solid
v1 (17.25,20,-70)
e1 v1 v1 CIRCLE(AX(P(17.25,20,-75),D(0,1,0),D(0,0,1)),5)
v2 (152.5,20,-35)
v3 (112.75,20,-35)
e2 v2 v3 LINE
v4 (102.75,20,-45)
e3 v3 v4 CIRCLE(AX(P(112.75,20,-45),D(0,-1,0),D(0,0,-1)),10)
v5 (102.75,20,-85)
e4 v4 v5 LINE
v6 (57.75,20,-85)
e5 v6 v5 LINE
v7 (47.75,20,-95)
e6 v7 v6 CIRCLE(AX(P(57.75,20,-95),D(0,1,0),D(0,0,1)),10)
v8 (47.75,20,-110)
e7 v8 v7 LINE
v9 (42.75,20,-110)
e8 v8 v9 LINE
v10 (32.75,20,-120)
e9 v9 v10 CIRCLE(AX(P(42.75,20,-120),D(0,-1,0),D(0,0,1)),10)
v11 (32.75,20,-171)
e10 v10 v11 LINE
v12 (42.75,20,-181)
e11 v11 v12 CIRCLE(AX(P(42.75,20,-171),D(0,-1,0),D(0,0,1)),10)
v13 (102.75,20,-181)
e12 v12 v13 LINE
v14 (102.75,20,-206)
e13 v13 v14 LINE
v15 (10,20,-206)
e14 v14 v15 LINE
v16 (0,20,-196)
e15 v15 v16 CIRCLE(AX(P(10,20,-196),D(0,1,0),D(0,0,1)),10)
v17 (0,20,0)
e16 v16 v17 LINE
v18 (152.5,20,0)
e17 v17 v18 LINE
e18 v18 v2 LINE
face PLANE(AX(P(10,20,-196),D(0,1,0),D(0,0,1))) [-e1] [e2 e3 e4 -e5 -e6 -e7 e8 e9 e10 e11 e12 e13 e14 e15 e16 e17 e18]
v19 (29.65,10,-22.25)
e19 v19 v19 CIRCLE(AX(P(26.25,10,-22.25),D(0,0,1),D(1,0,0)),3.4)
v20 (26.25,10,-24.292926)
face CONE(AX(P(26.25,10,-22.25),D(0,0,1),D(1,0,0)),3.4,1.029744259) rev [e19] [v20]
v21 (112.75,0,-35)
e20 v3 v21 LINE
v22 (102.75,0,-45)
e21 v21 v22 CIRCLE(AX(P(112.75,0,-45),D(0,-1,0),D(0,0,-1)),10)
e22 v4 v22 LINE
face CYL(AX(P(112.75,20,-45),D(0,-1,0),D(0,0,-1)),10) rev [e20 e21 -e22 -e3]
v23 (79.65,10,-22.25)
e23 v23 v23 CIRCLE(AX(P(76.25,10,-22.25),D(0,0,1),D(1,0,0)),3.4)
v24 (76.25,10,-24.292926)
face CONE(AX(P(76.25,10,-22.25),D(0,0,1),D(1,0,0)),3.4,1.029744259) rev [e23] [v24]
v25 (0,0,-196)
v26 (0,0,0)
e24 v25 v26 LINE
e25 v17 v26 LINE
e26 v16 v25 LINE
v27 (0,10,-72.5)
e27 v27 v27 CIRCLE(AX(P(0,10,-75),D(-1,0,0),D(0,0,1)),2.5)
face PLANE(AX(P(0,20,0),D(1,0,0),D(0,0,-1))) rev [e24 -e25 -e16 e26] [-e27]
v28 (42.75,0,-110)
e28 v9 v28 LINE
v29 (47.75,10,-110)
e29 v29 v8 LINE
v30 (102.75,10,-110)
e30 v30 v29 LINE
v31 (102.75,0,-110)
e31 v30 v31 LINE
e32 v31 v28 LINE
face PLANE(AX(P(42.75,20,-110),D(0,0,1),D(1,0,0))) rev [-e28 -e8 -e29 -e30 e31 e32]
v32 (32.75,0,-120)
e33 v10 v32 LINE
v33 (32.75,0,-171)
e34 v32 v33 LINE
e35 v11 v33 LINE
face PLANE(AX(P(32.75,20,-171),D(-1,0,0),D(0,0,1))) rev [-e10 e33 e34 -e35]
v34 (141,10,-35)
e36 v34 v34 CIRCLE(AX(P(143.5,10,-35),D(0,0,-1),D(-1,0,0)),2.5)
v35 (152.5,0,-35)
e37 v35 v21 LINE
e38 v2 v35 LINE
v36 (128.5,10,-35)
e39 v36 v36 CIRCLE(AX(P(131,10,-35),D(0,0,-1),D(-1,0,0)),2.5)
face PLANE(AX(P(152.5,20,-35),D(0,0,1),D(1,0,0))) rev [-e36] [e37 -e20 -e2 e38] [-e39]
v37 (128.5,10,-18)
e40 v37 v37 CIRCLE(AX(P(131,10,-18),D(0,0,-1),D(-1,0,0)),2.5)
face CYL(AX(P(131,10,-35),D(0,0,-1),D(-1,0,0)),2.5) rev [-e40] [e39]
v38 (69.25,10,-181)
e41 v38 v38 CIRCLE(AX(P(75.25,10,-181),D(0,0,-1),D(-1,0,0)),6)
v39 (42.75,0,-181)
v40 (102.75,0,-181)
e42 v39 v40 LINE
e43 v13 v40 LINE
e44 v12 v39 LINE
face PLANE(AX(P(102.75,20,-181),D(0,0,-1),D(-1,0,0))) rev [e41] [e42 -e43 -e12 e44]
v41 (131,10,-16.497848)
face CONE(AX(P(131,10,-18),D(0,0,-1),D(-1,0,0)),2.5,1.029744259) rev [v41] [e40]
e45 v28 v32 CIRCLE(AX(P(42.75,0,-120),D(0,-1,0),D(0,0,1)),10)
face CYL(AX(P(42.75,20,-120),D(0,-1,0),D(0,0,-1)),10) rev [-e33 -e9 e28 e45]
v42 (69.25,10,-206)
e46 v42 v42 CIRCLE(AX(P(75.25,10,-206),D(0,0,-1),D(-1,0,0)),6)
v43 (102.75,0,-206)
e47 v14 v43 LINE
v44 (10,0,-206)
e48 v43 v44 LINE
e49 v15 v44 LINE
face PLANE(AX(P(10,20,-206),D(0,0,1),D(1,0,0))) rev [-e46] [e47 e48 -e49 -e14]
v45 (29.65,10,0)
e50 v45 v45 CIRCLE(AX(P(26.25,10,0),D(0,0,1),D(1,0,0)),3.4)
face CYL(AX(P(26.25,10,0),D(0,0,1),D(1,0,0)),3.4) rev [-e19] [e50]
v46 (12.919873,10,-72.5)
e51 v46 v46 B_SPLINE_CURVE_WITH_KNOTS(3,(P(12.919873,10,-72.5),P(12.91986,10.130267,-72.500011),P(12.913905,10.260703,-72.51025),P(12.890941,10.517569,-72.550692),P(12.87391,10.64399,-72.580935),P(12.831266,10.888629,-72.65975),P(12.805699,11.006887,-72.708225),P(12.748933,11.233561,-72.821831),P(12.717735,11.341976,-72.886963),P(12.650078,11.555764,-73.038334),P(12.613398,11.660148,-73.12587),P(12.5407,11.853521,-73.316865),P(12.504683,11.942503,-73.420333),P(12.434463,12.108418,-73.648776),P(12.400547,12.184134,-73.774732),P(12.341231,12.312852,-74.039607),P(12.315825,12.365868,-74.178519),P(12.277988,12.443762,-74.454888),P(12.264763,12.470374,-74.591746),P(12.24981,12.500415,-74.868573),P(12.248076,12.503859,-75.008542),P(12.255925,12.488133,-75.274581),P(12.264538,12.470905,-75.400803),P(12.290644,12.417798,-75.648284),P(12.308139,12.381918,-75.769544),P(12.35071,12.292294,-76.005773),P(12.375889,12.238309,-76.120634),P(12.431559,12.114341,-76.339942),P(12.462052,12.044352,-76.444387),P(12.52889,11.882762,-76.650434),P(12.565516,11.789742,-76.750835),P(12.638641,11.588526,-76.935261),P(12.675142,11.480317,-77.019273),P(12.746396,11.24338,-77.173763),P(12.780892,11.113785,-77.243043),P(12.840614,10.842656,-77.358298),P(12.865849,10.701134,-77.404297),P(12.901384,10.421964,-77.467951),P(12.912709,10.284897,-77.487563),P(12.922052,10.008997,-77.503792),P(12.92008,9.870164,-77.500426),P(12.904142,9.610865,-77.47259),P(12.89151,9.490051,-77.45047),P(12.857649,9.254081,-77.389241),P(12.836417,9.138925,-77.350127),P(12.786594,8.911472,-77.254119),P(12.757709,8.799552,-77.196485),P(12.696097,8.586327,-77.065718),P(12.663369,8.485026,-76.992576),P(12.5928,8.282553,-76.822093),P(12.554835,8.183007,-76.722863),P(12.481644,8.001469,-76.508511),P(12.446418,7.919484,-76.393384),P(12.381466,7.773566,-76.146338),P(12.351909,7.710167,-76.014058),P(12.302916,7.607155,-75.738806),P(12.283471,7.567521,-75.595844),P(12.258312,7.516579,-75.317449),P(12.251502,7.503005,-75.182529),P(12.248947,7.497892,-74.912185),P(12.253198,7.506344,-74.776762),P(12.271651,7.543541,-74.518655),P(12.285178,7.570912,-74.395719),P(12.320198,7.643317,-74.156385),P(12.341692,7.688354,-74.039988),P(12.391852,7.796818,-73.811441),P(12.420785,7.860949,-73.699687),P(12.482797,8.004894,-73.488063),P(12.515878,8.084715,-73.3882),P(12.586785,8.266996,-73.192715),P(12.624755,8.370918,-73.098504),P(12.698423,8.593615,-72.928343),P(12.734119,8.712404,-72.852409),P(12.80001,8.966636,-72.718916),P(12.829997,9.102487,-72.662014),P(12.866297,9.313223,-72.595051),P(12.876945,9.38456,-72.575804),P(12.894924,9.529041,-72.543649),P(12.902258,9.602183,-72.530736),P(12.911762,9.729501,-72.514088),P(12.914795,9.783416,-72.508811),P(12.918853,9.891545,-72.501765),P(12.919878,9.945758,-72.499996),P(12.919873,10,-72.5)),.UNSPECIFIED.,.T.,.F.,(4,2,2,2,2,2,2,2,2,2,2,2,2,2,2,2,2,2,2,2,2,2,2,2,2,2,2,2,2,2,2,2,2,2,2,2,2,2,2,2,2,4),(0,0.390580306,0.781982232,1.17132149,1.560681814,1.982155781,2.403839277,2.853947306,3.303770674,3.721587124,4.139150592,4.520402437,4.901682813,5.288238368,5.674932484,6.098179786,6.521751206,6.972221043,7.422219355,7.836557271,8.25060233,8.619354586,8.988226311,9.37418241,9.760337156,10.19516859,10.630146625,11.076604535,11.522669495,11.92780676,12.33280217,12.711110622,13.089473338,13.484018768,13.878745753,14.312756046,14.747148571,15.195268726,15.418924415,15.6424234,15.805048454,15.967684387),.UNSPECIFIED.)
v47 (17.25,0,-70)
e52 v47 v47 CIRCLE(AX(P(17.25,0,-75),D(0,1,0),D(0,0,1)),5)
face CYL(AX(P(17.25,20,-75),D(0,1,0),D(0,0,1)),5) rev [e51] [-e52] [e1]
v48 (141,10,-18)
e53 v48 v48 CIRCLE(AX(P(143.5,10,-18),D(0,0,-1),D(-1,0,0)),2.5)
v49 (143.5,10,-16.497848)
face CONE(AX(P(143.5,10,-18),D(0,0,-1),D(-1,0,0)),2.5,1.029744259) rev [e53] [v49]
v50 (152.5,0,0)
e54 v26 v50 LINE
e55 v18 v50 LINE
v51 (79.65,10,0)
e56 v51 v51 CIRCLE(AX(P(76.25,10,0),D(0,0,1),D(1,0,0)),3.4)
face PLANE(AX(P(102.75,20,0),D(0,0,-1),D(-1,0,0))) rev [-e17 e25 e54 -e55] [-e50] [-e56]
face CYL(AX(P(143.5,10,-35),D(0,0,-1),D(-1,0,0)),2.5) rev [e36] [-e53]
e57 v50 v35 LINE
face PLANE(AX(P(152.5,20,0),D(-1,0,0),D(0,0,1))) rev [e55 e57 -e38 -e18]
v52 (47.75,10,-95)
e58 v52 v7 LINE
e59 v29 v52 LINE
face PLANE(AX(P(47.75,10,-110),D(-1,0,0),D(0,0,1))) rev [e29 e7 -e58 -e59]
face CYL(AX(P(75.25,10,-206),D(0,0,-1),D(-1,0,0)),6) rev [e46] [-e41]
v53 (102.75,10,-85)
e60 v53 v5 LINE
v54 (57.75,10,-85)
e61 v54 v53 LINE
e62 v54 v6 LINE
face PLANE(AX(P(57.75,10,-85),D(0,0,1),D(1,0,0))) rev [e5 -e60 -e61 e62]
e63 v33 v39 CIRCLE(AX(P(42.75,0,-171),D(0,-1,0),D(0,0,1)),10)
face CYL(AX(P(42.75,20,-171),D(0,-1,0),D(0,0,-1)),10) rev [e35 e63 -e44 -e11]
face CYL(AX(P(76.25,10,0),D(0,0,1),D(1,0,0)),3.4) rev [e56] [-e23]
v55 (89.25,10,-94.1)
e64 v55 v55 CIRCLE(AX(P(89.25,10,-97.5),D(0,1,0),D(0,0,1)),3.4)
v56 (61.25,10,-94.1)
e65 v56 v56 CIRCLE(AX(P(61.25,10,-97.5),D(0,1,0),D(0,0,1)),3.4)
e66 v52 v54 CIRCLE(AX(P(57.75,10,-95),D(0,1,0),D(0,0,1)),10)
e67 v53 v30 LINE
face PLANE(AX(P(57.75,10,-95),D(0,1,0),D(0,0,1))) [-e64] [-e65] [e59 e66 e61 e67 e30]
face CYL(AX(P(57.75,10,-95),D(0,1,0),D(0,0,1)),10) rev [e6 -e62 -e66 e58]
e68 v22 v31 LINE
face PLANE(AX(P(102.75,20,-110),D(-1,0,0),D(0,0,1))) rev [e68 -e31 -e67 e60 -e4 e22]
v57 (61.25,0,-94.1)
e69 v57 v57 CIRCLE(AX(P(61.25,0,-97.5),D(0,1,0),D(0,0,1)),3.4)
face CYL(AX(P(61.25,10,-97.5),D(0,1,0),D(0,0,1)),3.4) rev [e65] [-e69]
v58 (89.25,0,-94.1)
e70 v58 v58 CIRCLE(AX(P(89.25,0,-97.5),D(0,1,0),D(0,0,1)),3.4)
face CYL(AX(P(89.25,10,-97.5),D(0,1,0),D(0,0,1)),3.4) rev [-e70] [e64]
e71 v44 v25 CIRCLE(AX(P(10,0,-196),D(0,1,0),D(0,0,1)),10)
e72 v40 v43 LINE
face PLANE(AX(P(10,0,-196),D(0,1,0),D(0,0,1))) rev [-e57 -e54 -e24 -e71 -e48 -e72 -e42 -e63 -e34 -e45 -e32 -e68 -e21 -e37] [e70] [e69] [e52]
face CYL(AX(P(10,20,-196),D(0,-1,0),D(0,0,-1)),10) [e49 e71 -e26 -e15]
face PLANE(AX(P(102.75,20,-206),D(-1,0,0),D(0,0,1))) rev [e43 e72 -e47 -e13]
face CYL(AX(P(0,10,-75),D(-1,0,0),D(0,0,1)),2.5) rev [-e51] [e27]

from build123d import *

# Parameters (mm, degrees)
LINEAR_AUSTRAGEN1_DEPTH              = 20
LINEAR_AUSTRAGEN2_DEPTH              = 10
F_12_0_12_DURCHMESSER_BOHRUNG1_D     = 12
F_12_0_12_DURCHMESSER_BOHRUNG1_DEPTH = 25
F_10_0_10_DURCHMESSER_BOHRUNG1_D     = 10
M6_GEWINDEBOHRUNG1_REACH             = 154.5
M6_GEWINDEBOHRUNG1_BORE_R            = 2.5
M8_GEWINDEBOHRUNG1_D                 = 6.8
M8_GEWINDEBOHRUNG1_DEPTH             = 22.25
M8_GEWINDEBOHRUNG1_TIP               = 2.042926105
M6_GEWINDEBOHRUNG3_D                 = 5
M6_GEWINDEBOHRUNG3_DEPTH             = 17
M6_GEWINDEBOHRUNG3_TIP               = 1.502151548
M8_GEWINDEBOHRUNG2_D                 = 6.8
M8_GEWINDEBOHRUNG2_DEPTH             = 22.25
M8_GEWINDEBOHRUNG2_TIP               = 2.042926105


with BuildPart() as part:
    # Skizze1 → Linear austragen1 (new body)
    with BuildSketch(Plane(origin=(0, 0, 0), x_dir=(1, 0, 0), z_dir=(0, 1, 0))):
        with BuildLine():
            Line((0, 0), (0, 196))
            ThreePointArc((0, 196), (2.928932188, 203.071067812), (10, 206))
            Line((10, 206), (102.75, 206))
            Line((102.75, 206), (102.75, 181))
            Line((102.75, 181), (42.75, 181))
            ThreePointArc((42.75, 181), (35.678932188, 178.071067812), (32.75, 171))
            Line((32.75, 171), (32.75, 120))
            ThreePointArc((32.75, 120), (35.678932188, 112.928932188), (42.75, 110))
            Line((42.75, 110), (102.75, 110))
            Line((102.75, 110), (102.75, 45))
            ThreePointArc((102.75, 45), (105.678932188, 37.928932188), (112.75, 35))
            Line((112.75, 35), (152.5, 35))
            Line((152.5, 35), (152.5, 0))
            Line((152.5, 0), (102.75, 0))
            Line((102.75, 0), (0, 0))
        make_face()
    extrude(amount=LINEAR_AUSTRAGEN1_DEPTH)

    # Skizze20 → Linear austragen2 (cut)
    with BuildSketch(Plane(origin=(0, 20, 0), x_dir=(1, 0, 0), z_dir=(0, 1, 0))):
        with BuildLine():
            Line((47.75, 110), (47.75, 95))
            ThreePointArc((47.75, 95), (50.678932188, 87.928932188), (57.75, 85))
            Line((57.75, 85), (102.75, 85))
            Line((102.75, 85), (102.75, 110))
            Line((102.75, 110), (47.75, 110))
        make_face()
    extrude(amount=-LINEAR_AUSTRAGEN2_DEPTH, mode=Mode.SUBTRACT)

    # Ø12.0 (12) Durchmesser Bohrung1
    with Locations(Plane(origin=(0, 0, -206), x_dir=(-1, 0, 0), z_dir=(0, 0, -1))):
        with Locations((-75.25, 10)):
            Hole(F_12_0_12_DURCHMESSER_BOHRUNG1_D / 2, depth=F_12_0_12_DURCHMESSER_BOHRUNG1_DEPTH)

    # Ø10.0 (10) Durchmesser Bohrung1 (through all)
    with Locations(Plane(origin=(51, 20, 10), x_dir=(1, 0, 0), z_dir=(0, 1, 0))):
        with Locations((-33.75, 85)):
            Hole(F_10_0_10_DURCHMESSER_BOHRUNG1_D / 2)

    # M6 Gewindebohrung1 bore → M6 Gewindebohrung1 (cut, up to next)
    with BuildSketch(Plane.ZY, mode=Mode.PRIVATE) as m6_gewindebohrung1_sk1:
        with Locations((-75, 10)):
            Circle(M6_GEWINDEBOHRUNG1_BORE_R)
    m6_gewindebohrung1_tool1 = extrude(m6_gewindebohrung1_sk1.sketch, amount=-M6_GEWINDEBOHRUNG1_REACH, mode=Mode.PRIVATE) & part.part
    add(m6_gewindebohrung1_tool1.solids().sort_by_distance((0, 10, -75))[0], mode=Mode.SUBTRACT)

    # M8 Gewindebohrung1
    with Locations(Plane(origin=(51.25, 10, 0), x_dir=(1, 0, 0), z_dir=(0, 0, 1))):
        with Locations((-25, 0), (25, 0)):
            Hole(M8_GEWINDEBOHRUNG1_D / 2, depth=M8_GEWINDEBOHRUNG1_DEPTH)
            with Locations((0, 0, -(M8_GEWINDEBOHRUNG1_DEPTH + M8_GEWINDEBOHRUNG1_TIP / 2))):  # 118° drill point
                Cone(0, M8_GEWINDEBOHRUNG1_D / 2, M8_GEWINDEBOHRUNG1_TIP, mode=Mode.SUBTRACT)

    # M6 Gewindebohrung3
    with Locations(Plane(origin=(6.209471485, 2.149988387, -35), x_dir=(-1, 0, 0), z_dir=(0, 0, -1))):
        with Locations((-137.290528515, 7.850011613), (-124.790528515, 7.850011613)):
            Hole(M6_GEWINDEBOHRUNG3_D / 2, depth=M6_GEWINDEBOHRUNG3_DEPTH)
            with Locations((0, 0, -(M6_GEWINDEBOHRUNG3_DEPTH + M6_GEWINDEBOHRUNG3_TIP / 2))):  # 118° drill point
                Cone(0, M6_GEWINDEBOHRUNG3_D / 2, M6_GEWINDEBOHRUNG3_TIP, mode=Mode.SUBTRACT)

    # M8 Gewindebohrung2
    with Locations(Plane(origin=(0, 10, 0), x_dir=(-1, 0, 0), z_dir=(0, 1, 0))):
        with Locations((-61.25, -97.5), (-89.25, -97.5)):
            Hole(M8_GEWINDEBOHRUNG2_D / 2, depth=M8_GEWINDEBOHRUNG2_DEPTH)
            with Locations((0, 0, -(M8_GEWINDEBOHRUNG2_DEPTH + M8_GEWINDEBOHRUNG2_TIP / 2))):  # 118° drill point
                Cone(0, M8_GEWINDEBOHRUNG2_D / 2, M8_GEWINDEBOHRUNG2_TIP, mode=Mode.SUBTRACT)


solid = part.part
